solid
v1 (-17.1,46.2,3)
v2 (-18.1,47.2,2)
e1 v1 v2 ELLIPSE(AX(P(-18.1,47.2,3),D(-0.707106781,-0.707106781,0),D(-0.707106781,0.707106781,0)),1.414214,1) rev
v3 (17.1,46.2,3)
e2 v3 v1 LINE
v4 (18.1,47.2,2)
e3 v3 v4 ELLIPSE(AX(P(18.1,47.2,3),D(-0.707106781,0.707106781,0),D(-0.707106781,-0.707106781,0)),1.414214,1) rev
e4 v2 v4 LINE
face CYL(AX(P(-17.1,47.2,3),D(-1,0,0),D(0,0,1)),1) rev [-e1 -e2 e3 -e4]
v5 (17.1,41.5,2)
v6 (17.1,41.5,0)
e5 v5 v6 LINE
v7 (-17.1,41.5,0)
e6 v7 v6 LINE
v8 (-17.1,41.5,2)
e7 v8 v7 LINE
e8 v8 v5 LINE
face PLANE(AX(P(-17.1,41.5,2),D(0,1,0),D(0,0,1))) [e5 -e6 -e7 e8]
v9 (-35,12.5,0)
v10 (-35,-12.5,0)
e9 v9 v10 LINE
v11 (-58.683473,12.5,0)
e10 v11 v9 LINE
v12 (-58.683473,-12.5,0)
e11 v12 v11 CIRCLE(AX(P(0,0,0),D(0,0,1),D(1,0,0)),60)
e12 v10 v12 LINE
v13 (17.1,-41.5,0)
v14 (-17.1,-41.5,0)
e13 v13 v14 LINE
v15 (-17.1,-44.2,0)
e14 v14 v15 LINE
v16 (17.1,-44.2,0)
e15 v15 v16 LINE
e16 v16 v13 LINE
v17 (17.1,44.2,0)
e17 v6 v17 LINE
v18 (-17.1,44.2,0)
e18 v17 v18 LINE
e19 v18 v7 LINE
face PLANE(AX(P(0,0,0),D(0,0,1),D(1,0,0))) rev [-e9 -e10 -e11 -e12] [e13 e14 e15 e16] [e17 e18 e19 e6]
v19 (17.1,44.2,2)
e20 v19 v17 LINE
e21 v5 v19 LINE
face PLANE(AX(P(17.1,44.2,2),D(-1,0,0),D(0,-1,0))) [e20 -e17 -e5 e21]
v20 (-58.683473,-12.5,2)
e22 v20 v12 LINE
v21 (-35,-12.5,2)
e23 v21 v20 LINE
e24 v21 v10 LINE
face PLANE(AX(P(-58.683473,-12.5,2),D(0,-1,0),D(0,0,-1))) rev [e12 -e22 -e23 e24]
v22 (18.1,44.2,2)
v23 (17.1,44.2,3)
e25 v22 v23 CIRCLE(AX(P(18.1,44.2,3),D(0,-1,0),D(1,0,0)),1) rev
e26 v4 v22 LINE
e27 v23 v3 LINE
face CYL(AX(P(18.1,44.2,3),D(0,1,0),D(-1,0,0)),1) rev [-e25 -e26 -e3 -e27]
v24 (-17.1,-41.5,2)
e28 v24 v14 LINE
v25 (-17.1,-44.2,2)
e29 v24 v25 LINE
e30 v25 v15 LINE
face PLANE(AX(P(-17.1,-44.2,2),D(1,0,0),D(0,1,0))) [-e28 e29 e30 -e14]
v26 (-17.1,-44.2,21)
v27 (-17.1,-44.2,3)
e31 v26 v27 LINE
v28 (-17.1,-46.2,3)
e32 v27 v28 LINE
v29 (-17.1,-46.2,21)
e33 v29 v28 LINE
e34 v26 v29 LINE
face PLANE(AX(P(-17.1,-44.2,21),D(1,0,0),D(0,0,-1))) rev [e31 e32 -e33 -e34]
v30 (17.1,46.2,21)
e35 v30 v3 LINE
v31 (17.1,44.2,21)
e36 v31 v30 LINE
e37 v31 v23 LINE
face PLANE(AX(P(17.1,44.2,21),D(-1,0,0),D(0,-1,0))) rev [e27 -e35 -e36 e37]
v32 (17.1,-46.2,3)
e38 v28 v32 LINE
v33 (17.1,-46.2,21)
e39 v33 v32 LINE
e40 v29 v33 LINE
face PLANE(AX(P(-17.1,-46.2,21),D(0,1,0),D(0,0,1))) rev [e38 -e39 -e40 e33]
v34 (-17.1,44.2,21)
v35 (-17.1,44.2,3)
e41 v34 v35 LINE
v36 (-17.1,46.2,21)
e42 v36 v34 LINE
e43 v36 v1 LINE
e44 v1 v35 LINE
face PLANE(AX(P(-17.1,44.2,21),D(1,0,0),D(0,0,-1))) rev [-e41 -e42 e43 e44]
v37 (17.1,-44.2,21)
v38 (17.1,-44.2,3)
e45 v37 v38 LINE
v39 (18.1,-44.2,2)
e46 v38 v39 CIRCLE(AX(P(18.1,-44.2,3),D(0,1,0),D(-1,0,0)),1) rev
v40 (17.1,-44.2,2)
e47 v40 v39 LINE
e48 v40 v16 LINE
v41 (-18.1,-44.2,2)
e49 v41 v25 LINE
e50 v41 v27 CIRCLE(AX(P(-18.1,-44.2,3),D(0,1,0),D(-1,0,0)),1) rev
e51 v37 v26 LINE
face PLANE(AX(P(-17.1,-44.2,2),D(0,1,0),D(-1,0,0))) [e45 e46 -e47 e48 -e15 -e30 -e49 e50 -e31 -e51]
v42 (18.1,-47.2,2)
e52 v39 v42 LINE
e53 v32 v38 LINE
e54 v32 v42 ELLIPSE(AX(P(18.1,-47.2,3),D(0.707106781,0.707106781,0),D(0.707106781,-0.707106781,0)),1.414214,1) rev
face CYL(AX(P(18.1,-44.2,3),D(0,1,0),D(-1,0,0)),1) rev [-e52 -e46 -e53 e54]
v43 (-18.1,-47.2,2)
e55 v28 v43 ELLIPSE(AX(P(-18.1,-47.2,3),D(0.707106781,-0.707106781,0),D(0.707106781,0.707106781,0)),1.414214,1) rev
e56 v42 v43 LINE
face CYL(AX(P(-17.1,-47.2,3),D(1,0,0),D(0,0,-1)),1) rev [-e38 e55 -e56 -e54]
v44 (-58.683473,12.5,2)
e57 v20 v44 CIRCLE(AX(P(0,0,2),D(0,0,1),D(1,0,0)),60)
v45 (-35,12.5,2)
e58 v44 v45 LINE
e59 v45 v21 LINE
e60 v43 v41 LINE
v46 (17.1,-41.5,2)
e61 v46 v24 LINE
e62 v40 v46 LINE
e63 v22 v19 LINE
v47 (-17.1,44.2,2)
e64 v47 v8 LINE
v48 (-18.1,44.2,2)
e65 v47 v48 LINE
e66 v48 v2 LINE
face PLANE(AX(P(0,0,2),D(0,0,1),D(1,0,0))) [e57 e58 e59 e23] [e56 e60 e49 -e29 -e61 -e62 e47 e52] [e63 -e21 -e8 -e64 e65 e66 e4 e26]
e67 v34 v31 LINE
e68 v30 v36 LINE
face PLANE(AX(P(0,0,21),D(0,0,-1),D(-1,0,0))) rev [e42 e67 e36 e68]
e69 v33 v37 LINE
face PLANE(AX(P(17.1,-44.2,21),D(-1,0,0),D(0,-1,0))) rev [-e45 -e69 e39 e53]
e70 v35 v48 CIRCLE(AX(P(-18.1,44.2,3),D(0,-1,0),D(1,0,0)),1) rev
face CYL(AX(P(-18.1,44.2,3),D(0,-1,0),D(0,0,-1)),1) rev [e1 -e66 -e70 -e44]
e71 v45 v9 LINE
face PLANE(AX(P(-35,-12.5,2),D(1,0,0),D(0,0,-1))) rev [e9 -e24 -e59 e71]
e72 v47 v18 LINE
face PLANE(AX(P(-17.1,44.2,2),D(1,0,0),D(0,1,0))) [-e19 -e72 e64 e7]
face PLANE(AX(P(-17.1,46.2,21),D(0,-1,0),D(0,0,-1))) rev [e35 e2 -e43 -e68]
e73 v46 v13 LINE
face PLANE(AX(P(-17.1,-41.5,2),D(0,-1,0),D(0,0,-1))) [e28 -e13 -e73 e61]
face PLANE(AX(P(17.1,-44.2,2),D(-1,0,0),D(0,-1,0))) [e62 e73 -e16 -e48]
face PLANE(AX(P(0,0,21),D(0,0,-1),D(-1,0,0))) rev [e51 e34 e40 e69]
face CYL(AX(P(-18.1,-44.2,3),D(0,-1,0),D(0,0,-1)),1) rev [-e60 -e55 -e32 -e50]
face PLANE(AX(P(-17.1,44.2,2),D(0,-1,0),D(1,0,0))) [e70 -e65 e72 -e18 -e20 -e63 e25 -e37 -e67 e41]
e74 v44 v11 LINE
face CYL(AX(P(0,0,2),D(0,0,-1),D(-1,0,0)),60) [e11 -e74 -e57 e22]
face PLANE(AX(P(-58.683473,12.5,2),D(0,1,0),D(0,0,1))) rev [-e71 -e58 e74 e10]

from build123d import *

# Parameters (mm, degrees)
CROQUIS1_W              = 34.2
CROQUIS1_H              = 2.7
SALIENTE_EXTRUIR1_DEPTH = 2
CROQUIS2_W              = 34.2
CROQUIS2_H              = 2
SALIENTE_EXTRUIR2_DEPTH = 19
REDONDEO1_R             = 1


with BuildPart() as part:
    # Croquis1 → Saliente-Extruir1 (new body)
    with BuildSketch(Plane.XY):
        with BuildLine():
            Line((-58.683472972, -12.5), (-35, -12.5))
            Line((-35, -12.5), (-35, 12.5))
            Line((-35, 12.5), (-58.683472972, 12.5))
            ThreePointArc((-58.683472972, 12.5), (60, 0), (-58.683472972, -12.5))
        make_face()
        with Locations((0, 42.85)):
            Rectangle(CROQUIS1_W, CROQUIS1_H, mode=Mode.SUBTRACT)
        with Locations((0, -42.85)):
            Rectangle(CROQUIS1_W, CROQUIS1_H, mode=Mode.SUBTRACT)
    extrude(amount=SALIENTE_EXTRUIR1_DEPTH)

    # Croquis2 → Saliente-Extruir2 (add)
    with BuildSketch(Plane.XY.offset(2)):
        with Locations((0, 45.2)):
            Rectangle(CROQUIS2_W, CROQUIS2_H)
        with Locations((0, -45.2)):
            Rectangle(CROQUIS2_W, CROQUIS2_H)
    extrude(amount=SALIENTE_EXTRUIR2_DEPTH)

    # Redondeo1
    redondeo1_edges = [part.edges().sort_by_distance(p)[0] for p in [
        (-17.1, 45.2, 2),
        (17.1, 45.2, 2),
        (0, 46.2, 2),
        (-17.1, -45.2, 2),
        (0, -46.2, 2),
        (17.1, -45.2, 2),
    ]]
    fillet(redondeo1_edges, radius=REDONDEO1_R)


solid = part.part
